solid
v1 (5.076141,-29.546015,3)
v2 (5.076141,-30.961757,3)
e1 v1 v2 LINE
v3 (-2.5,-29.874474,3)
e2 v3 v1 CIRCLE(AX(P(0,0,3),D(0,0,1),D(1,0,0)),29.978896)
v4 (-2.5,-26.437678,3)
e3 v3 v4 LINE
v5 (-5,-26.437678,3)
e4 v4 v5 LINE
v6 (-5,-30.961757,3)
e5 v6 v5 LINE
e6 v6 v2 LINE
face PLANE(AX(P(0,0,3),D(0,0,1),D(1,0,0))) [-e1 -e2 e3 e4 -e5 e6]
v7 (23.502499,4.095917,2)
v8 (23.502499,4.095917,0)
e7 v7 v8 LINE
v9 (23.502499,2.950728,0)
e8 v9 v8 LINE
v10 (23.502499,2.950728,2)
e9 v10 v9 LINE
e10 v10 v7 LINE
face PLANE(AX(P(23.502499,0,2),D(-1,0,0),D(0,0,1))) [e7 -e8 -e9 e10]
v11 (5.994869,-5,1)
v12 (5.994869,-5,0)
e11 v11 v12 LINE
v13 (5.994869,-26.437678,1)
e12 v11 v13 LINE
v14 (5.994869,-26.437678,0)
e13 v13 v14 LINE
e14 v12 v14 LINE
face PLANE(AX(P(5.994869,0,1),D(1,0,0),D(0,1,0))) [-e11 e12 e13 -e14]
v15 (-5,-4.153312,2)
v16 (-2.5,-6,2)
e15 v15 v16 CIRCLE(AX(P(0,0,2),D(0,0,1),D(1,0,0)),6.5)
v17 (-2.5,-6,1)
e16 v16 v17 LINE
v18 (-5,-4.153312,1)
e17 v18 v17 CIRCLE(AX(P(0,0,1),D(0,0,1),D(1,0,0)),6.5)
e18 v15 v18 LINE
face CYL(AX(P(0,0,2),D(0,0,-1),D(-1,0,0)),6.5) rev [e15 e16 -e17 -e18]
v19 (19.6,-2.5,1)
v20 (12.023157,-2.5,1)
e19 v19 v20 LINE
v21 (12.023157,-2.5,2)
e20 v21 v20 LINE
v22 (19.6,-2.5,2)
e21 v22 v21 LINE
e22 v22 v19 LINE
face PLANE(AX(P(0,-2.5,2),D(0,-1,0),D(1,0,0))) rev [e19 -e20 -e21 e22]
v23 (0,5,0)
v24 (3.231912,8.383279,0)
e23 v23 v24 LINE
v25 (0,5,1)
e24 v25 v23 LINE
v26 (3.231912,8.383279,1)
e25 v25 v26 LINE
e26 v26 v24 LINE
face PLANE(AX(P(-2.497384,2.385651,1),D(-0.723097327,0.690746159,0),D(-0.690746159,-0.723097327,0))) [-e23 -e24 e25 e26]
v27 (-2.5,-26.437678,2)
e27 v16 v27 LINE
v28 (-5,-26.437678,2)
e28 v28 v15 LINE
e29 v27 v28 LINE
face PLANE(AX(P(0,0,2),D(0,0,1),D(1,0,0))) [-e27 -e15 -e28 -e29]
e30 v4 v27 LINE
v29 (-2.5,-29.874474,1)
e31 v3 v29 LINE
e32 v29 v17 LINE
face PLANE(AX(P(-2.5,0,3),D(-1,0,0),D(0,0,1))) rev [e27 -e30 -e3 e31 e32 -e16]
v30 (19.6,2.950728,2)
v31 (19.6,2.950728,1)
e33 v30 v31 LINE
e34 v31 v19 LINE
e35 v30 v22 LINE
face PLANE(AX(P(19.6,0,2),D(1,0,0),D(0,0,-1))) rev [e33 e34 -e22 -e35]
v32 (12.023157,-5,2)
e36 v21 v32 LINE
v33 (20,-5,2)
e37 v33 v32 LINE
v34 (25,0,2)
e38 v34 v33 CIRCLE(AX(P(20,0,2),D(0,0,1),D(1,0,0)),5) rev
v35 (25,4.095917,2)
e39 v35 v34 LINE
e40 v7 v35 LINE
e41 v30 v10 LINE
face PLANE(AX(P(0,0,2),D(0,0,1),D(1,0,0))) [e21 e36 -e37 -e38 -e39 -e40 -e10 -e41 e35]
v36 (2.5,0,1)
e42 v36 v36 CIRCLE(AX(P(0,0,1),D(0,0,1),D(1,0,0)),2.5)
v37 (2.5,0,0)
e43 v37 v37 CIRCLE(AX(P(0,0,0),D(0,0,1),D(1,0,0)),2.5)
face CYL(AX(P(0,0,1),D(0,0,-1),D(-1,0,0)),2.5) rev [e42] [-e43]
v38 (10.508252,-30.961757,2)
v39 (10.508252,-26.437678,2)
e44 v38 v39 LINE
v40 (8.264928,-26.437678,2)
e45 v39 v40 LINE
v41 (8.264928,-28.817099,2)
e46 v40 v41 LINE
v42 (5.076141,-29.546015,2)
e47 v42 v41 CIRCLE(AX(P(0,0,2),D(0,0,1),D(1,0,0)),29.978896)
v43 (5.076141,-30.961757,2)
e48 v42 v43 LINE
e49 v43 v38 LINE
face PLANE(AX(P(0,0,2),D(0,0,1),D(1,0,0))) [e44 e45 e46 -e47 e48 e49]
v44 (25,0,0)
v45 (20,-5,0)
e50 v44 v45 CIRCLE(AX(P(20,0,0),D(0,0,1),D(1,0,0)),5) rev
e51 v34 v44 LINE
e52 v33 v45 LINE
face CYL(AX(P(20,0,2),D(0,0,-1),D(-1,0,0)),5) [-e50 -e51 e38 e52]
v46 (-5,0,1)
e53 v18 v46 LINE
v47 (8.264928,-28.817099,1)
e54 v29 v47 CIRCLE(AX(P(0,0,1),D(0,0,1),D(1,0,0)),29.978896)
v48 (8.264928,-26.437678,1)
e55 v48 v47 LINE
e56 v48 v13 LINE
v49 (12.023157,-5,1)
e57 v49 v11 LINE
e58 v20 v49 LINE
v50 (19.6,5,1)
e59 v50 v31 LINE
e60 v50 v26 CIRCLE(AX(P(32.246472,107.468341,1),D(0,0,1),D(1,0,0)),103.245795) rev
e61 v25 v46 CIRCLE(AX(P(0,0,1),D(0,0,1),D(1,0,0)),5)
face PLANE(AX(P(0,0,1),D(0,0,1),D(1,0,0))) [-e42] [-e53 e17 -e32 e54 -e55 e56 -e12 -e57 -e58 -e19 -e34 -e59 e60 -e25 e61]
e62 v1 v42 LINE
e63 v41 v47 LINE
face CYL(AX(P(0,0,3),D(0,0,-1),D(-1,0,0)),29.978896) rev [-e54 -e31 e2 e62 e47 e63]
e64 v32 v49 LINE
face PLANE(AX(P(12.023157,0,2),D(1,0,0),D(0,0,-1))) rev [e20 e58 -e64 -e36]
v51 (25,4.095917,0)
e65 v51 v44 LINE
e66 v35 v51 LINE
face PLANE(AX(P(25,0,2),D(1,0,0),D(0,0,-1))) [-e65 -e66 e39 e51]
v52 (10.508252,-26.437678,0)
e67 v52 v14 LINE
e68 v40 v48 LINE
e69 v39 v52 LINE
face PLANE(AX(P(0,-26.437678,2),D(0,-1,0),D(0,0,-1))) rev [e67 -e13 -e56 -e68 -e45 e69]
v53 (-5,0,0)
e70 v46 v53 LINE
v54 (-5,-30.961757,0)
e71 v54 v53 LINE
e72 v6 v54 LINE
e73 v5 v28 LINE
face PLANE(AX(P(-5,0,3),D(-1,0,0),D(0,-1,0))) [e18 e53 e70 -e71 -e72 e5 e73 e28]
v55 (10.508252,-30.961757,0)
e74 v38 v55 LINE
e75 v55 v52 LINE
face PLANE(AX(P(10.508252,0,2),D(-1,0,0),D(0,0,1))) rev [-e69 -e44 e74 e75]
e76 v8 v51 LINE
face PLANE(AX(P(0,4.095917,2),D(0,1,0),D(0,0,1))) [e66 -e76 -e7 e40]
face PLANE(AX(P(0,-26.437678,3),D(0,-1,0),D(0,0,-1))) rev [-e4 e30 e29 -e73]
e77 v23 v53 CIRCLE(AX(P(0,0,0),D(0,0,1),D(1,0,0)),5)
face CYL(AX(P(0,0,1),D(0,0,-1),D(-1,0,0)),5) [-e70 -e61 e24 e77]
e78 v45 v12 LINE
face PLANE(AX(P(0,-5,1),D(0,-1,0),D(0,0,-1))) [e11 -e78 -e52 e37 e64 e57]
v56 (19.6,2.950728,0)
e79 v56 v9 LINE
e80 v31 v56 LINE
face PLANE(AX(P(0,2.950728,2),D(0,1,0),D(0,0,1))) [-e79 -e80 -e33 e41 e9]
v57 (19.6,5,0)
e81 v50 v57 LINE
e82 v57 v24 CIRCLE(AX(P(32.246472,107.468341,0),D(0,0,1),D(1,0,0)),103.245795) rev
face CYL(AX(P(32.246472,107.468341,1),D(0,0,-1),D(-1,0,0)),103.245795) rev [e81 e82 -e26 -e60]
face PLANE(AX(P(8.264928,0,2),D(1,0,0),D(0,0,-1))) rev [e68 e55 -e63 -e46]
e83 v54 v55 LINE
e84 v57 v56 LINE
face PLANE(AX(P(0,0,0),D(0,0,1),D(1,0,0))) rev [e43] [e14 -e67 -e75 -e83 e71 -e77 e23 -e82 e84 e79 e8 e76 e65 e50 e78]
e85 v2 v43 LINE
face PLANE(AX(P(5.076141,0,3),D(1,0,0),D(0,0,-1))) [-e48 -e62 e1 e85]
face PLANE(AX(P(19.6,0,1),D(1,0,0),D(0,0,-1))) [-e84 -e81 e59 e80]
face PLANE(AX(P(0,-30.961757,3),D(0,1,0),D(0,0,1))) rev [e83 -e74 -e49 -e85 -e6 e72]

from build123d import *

# Parameters (mm, degrees)
EXTRUDE_3_DEPTH = 3
EXTRUDE_4_DEPTH = 2
SKETCH_1_8_R    = 2.5
EXTRUDE_5_DEPTH = 1


with BuildPart() as part:
    # 스케치1 → 보스-돌출3 (new body)
    with BuildSketch(Plane.XY):
        with BuildLine():
            Line((-2.5, -26.437677825), (-5, -26.437677825))
            Line((-5, -26.437677825), (-5, -30.96175738))
            Line((-5, -30.96175738), (5.076141326, -30.96175738))
            Line((5.076141326, -30.96175738), (5.076141326, -29.54601506))
            ThreePointArc((5.076141326, -29.54601506), (1.298498135, -29.950761581), (-2.5, -29.874474333))
            Line((-2.5, -29.874474333), (-2.5, -26.437677825))
        make_face()
    extrude(amount=EXTRUDE_3_DEPTH)

    # 스케치1<7> → 보스-돌출4 (add)
    with BuildSketch(Plane.XY):
        with BuildLine():
            Line((23.502499093, 2.950728465), (19.6, 2.950728465))
            Line((19.6, 2.950728465), (19.6, -2.5))
            Line((19.6, -2.5), (12.023157318, -2.5))
            Line((12.023157318, -2.5), (12.023157318, -5))
            Line((12.023157318, -5), (20, -5))
            ThreePointArc((20, -5), (23.535533906, -3.535533906), (25, 0))
            Line((25, 0), (25, 4.09591659))
            Line((25, 4.09591659), (23.502499093, 4.09591659))
            Line((23.502499093, 4.09591659), (23.502499093, 2.950728465))
        make_face()
        with BuildLine():
            ThreePointArc((-2.5, -6), (-3.862002616, -5.228282299), (-5, -4.153311931))
            Line((-5, -4.153311931), (-5, -26.437677825))
            Line((-5, -26.437677825), (-2.5, -26.437677825))
            Line((-2.5, -26.437677825), (-2.5, -6))
        make_face()
        with BuildLine():
            Line((5.076141326, -29.54601506), (5.076141326, -30.96175738))
            Line((5.076141326, -30.96175738), (10.508252403, -30.96175738))
            Line((10.508252403, -30.96175738), (10.508252403, -26.437677825))
            Line((10.508252403, -26.437677825), (8.264928228, -26.437677825))
            Line((8.264928228, -26.437677825), (8.264928228, -28.81709871))
            ThreePointArc((8.264928228, -28.81709871), (6.680483813, -29.225080884), (5.076141326, -29.54601506))
        make_face()
    extrude(amount=EXTRUDE_4_DEPTH)


with BuildPart() as extrude_4_piece_1:
    # of the separate pieces the step leaves, piece 1, a body of its own (extrude_4_pieces)
    add(part.part.solids().sort_by_distance((-2.5, -29.874474333, 0))[0])



with BuildPart() as extrude_4_piece_2:
    # of the separate pieces the step leaves, piece 2, a body of its own (extrude_4_pieces)
    add(part.part.solids().sort_by_distance((23.502499093, 2.950728465, 0))[0])


with BuildPart() as extrude_4_piece_1_1:
    add(extrude_4_piece_1.part)

    add(extrude_4_piece_2.part)  # 보스-돌출5 merges 보스-돌출4 piece 2
    # 스케치1<8> → 보스-돌출5 (add)
    with BuildSketch(Plane.XY):
        with BuildLine():
            Line((3.231912185, 8.38327913), (0, 5))
            ThreePointArc((0, 5), (-3.535533906, 3.535533906), (-5, 0))
            Line((-5, 0), (-5, -4.153311931))
            ThreePointArc((-5, -4.153311931), (-3.862002616, -5.228282299), (-2.5, -6))
            Line((-2.5, -6), (-2.5, -29.874474333))
            ThreePointArc((-2.5, -29.874474333), (2.93054776, -29.83531643), (8.264928228, -28.81709871))
            Line((8.264928228, -28.81709871), (8.264928228, -26.437677825))
            Line((8.264928228, -26.437677825), (5.994868924, -26.437677825))
            Line((5.994868924, -26.437677825), (5.994868924, -5))
            Line((5.994868924, -5), (12.023157318, -5))
            Line((12.023157318, -5), (12.023157318, -2.5))
            Line((12.023157318, -2.5), (19.6, -2.5))
            Line((19.6, -2.5), (19.6, 5))
            ThreePointArc((19.6, 5), (11.347380216, 6.359873864), (3.231912185, 8.38327913))
        make_face()
        Circle(SKETCH_1_8_R, mode=Mode.SUBTRACT)
    extrude(amount=EXTRUDE_5_DEPTH)


solid = extrude_4_piece_1_1.part
